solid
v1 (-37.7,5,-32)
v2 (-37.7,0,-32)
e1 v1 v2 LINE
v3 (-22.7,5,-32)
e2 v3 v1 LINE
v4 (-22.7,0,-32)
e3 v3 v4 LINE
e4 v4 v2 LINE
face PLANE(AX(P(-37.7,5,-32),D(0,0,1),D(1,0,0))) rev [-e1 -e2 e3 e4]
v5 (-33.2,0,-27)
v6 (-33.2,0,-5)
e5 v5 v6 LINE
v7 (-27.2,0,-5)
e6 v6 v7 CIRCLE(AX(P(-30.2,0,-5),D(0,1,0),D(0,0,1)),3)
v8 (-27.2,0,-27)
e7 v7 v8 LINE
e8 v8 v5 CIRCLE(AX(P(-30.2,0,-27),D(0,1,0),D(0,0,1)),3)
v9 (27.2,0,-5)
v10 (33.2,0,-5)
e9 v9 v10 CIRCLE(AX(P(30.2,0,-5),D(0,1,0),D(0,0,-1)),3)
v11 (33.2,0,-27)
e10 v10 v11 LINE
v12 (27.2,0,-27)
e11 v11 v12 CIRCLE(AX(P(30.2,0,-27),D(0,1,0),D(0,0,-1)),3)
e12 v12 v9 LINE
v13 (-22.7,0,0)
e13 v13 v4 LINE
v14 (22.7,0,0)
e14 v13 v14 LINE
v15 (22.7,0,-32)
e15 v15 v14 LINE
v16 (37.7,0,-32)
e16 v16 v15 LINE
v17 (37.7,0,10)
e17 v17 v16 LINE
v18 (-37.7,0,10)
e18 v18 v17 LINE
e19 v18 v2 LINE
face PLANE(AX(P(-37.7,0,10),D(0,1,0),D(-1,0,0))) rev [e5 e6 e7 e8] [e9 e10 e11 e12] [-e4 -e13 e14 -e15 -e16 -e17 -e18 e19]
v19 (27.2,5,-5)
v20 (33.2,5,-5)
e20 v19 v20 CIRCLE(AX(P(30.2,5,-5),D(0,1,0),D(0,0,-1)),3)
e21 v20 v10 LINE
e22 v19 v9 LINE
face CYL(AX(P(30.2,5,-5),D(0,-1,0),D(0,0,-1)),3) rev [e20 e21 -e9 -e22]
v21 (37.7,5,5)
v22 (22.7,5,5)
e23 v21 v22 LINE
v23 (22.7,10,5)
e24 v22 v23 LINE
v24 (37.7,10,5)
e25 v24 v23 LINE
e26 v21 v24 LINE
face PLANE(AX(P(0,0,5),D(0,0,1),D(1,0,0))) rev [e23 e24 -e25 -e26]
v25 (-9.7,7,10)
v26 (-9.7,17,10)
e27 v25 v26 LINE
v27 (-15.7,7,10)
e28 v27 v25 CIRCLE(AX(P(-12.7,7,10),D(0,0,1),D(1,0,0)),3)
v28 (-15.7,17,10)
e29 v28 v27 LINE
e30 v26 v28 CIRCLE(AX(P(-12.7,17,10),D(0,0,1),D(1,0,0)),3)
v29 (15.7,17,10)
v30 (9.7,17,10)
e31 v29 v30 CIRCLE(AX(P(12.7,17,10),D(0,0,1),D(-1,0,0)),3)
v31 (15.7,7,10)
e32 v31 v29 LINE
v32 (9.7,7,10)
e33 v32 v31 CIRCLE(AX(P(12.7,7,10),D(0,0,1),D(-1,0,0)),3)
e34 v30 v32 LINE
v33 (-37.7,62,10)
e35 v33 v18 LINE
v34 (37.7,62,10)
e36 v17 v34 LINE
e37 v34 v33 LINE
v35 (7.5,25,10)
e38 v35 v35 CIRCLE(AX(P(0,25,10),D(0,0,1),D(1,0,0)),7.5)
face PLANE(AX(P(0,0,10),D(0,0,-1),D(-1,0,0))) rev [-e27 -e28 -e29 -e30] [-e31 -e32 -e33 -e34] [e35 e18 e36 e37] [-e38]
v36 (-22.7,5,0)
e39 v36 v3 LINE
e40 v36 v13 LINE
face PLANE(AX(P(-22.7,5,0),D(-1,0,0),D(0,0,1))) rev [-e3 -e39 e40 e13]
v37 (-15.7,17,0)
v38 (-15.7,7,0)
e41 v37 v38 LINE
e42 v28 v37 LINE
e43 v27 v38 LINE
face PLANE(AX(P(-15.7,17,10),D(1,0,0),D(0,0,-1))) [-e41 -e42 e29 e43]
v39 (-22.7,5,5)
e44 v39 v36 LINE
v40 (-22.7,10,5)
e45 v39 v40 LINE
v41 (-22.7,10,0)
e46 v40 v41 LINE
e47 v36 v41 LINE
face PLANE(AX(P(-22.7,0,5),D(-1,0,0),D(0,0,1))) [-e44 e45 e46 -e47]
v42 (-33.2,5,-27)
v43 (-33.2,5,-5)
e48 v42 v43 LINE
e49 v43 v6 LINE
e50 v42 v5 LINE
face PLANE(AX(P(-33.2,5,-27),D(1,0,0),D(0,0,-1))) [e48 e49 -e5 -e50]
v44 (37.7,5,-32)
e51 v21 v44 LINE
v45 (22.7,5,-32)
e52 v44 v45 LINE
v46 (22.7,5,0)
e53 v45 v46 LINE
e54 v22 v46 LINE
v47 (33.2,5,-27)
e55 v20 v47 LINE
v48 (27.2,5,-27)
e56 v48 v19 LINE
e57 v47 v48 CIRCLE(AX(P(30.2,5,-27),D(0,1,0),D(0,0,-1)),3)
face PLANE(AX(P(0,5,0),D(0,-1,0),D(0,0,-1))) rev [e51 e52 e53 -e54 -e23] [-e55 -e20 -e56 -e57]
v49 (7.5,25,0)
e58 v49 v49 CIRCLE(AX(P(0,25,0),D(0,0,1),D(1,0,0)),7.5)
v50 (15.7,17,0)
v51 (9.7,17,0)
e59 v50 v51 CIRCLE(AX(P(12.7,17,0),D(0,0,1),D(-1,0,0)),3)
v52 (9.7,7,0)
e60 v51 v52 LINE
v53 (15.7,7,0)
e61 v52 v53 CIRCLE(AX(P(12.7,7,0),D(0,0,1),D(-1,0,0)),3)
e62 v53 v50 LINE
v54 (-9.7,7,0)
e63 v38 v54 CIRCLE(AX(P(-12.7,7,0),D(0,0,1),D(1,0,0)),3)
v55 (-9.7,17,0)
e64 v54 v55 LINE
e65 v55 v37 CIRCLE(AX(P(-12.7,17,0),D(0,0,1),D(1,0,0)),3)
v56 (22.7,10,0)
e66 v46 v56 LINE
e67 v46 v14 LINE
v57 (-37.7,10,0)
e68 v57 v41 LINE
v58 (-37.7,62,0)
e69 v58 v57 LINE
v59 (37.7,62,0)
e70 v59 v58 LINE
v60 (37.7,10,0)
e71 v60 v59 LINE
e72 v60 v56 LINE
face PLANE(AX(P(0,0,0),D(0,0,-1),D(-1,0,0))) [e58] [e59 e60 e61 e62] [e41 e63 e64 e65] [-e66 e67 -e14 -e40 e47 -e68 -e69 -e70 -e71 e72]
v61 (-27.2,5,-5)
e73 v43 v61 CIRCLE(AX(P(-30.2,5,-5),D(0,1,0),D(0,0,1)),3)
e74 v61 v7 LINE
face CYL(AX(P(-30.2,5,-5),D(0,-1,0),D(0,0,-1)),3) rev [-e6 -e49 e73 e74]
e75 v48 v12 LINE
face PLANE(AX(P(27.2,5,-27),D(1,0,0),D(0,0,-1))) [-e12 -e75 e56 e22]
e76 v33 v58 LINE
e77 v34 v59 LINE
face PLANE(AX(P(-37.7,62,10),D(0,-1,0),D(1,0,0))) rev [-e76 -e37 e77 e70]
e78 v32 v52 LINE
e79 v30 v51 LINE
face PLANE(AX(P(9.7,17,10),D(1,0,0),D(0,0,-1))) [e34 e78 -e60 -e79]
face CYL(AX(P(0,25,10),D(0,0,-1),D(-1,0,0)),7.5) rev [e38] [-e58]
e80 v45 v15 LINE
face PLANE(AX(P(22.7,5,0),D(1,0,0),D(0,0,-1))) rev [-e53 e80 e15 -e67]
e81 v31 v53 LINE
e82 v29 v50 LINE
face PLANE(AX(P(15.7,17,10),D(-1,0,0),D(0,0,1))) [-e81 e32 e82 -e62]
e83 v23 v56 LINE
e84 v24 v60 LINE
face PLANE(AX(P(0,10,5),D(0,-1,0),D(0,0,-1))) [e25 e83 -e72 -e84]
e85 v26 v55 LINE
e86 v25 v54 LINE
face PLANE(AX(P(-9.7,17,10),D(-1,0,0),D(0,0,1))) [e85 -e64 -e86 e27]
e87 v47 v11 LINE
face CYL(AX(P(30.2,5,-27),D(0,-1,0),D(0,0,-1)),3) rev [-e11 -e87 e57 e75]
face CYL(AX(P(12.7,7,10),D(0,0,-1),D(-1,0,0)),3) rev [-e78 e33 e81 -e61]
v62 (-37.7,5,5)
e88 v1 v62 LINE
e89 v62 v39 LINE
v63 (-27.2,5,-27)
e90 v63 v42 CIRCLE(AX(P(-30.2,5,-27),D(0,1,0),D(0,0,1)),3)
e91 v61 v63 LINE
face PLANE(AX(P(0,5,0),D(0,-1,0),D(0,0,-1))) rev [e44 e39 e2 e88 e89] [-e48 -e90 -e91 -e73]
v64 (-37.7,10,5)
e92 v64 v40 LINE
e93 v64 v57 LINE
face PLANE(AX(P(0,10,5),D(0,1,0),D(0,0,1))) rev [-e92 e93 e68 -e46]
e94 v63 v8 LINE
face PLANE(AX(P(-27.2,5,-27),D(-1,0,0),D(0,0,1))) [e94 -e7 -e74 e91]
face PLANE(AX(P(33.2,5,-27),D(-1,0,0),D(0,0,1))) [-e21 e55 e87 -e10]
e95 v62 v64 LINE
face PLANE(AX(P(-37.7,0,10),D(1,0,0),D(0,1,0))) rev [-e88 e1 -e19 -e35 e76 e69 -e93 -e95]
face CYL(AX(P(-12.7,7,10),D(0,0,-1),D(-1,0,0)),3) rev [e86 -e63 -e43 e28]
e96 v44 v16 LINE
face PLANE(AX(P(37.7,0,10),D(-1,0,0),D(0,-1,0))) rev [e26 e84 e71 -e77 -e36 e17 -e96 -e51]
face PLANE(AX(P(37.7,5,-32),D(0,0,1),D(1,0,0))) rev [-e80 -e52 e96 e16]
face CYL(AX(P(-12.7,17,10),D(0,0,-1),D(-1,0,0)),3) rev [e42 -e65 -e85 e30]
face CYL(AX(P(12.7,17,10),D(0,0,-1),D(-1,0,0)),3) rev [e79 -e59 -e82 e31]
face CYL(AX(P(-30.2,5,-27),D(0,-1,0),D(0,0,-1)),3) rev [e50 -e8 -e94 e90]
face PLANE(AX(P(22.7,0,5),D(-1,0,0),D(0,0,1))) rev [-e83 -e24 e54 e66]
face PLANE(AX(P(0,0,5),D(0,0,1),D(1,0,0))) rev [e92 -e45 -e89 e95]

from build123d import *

# Parameters (mm, degrees)
SKETCH1_W           = 75.4
SKETCH1_H           = 62
SKETCH1_R           = 7.5
BOSS_EXTRUDE1_DEPTH = 10
SKETCH2_W           = 15
SKETCH2_H           = 32
BOSS_EXTRUDE2_DEPTH = 5
SKETCH3_W           = 15
SKETCH3_H           = 5
CUT_EXTRUDE1_DEPTH  = 5


with BuildPart() as part:
    # Sketch1 → Boss-Extrude1 (new body)
    with BuildSketch(Plane.XY):
        with Locations((0, 31)):
            Rectangle(SKETCH1_W, SKETCH1_H)
        with Locations((0, 25)):
            Circle(SKETCH1_R, mode=Mode.SUBTRACT)
        with BuildLine():
            Line((-9.7, 17), (-9.7, 7))
            ThreePointArc((-9.7, 7), (-12.7, 4), (-15.7, 7))
            Line((-15.7, 7), (-15.7, 17))
            ThreePointArc((-15.7, 17), (-12.7, 20), (-9.7, 17))
        make_face(mode=Mode.SUBTRACT)
        with BuildLine():
            Line((9.7, 17), (9.7, 7))
            ThreePointArc((9.7, 7), (12.7, 4), (15.7, 7))
            Line((15.7, 7), (15.7, 17))
            ThreePointArc((15.7, 17), (12.7, 20), (9.7, 17))
        make_face(mode=Mode.SUBTRACT)
    extrude(amount=BOSS_EXTRUDE1_DEPTH)

    # Sketch2 → Boss-Extrude2 (add)
    # profile 1 of 2: a face of its own
    with BuildSketch(Plane(origin=(0, 0, 0), x_dir=(1, 0, 0), z_dir=(0, 1, 0))):
        with Locations((-30.2, 16)):
            Rectangle(SKETCH2_W, SKETCH2_H)
        with BuildLine():
            Line((-27.2, 27), (-27.2, 5))
            ThreePointArc((-27.2, 5), (-30.2, 2), (-33.2, 5))
            Line((-33.2, 5), (-33.2, 27))
            ThreePointArc((-33.2, 27), (-30.2, 30), (-27.2, 27))
        make_face(mode=Mode.SUBTRACT)
    # profile 2 of 2: a face of its own
    with BuildSketch(Plane(origin=(0, 0, 0), x_dir=(1, 0, 0), z_dir=(0, 1, 0))):
        with Locations((30.2, 16)):
            Rectangle(SKETCH2_W, SKETCH2_H)
        with BuildLine():
            Line((27.2, 27), (27.2, 5))
            ThreePointArc((27.2, 5), (30.2, 2), (33.2, 5))
            Line((33.2, 5), (33.2, 27))
            ThreePointArc((33.2, 27), (30.2, 30), (27.2, 27))
        make_face(mode=Mode.SUBTRACT)
    extrude(amount=BOSS_EXTRUDE2_DEPTH)

    # Sketch3 → Cut-Extrude1 (cut)
    with BuildSketch(Plane.XY):
        with Locations((-30.2, 7.5)):
            Rectangle(SKETCH3_W, SKETCH3_H)
        with Locations((30.2, 7.5)):
            Rectangle(SKETCH3_W, SKETCH3_H)
    extrude(amount=CUT_EXTRUDE1_DEPTH, mode=Mode.SUBTRACT)


solid = part.part
